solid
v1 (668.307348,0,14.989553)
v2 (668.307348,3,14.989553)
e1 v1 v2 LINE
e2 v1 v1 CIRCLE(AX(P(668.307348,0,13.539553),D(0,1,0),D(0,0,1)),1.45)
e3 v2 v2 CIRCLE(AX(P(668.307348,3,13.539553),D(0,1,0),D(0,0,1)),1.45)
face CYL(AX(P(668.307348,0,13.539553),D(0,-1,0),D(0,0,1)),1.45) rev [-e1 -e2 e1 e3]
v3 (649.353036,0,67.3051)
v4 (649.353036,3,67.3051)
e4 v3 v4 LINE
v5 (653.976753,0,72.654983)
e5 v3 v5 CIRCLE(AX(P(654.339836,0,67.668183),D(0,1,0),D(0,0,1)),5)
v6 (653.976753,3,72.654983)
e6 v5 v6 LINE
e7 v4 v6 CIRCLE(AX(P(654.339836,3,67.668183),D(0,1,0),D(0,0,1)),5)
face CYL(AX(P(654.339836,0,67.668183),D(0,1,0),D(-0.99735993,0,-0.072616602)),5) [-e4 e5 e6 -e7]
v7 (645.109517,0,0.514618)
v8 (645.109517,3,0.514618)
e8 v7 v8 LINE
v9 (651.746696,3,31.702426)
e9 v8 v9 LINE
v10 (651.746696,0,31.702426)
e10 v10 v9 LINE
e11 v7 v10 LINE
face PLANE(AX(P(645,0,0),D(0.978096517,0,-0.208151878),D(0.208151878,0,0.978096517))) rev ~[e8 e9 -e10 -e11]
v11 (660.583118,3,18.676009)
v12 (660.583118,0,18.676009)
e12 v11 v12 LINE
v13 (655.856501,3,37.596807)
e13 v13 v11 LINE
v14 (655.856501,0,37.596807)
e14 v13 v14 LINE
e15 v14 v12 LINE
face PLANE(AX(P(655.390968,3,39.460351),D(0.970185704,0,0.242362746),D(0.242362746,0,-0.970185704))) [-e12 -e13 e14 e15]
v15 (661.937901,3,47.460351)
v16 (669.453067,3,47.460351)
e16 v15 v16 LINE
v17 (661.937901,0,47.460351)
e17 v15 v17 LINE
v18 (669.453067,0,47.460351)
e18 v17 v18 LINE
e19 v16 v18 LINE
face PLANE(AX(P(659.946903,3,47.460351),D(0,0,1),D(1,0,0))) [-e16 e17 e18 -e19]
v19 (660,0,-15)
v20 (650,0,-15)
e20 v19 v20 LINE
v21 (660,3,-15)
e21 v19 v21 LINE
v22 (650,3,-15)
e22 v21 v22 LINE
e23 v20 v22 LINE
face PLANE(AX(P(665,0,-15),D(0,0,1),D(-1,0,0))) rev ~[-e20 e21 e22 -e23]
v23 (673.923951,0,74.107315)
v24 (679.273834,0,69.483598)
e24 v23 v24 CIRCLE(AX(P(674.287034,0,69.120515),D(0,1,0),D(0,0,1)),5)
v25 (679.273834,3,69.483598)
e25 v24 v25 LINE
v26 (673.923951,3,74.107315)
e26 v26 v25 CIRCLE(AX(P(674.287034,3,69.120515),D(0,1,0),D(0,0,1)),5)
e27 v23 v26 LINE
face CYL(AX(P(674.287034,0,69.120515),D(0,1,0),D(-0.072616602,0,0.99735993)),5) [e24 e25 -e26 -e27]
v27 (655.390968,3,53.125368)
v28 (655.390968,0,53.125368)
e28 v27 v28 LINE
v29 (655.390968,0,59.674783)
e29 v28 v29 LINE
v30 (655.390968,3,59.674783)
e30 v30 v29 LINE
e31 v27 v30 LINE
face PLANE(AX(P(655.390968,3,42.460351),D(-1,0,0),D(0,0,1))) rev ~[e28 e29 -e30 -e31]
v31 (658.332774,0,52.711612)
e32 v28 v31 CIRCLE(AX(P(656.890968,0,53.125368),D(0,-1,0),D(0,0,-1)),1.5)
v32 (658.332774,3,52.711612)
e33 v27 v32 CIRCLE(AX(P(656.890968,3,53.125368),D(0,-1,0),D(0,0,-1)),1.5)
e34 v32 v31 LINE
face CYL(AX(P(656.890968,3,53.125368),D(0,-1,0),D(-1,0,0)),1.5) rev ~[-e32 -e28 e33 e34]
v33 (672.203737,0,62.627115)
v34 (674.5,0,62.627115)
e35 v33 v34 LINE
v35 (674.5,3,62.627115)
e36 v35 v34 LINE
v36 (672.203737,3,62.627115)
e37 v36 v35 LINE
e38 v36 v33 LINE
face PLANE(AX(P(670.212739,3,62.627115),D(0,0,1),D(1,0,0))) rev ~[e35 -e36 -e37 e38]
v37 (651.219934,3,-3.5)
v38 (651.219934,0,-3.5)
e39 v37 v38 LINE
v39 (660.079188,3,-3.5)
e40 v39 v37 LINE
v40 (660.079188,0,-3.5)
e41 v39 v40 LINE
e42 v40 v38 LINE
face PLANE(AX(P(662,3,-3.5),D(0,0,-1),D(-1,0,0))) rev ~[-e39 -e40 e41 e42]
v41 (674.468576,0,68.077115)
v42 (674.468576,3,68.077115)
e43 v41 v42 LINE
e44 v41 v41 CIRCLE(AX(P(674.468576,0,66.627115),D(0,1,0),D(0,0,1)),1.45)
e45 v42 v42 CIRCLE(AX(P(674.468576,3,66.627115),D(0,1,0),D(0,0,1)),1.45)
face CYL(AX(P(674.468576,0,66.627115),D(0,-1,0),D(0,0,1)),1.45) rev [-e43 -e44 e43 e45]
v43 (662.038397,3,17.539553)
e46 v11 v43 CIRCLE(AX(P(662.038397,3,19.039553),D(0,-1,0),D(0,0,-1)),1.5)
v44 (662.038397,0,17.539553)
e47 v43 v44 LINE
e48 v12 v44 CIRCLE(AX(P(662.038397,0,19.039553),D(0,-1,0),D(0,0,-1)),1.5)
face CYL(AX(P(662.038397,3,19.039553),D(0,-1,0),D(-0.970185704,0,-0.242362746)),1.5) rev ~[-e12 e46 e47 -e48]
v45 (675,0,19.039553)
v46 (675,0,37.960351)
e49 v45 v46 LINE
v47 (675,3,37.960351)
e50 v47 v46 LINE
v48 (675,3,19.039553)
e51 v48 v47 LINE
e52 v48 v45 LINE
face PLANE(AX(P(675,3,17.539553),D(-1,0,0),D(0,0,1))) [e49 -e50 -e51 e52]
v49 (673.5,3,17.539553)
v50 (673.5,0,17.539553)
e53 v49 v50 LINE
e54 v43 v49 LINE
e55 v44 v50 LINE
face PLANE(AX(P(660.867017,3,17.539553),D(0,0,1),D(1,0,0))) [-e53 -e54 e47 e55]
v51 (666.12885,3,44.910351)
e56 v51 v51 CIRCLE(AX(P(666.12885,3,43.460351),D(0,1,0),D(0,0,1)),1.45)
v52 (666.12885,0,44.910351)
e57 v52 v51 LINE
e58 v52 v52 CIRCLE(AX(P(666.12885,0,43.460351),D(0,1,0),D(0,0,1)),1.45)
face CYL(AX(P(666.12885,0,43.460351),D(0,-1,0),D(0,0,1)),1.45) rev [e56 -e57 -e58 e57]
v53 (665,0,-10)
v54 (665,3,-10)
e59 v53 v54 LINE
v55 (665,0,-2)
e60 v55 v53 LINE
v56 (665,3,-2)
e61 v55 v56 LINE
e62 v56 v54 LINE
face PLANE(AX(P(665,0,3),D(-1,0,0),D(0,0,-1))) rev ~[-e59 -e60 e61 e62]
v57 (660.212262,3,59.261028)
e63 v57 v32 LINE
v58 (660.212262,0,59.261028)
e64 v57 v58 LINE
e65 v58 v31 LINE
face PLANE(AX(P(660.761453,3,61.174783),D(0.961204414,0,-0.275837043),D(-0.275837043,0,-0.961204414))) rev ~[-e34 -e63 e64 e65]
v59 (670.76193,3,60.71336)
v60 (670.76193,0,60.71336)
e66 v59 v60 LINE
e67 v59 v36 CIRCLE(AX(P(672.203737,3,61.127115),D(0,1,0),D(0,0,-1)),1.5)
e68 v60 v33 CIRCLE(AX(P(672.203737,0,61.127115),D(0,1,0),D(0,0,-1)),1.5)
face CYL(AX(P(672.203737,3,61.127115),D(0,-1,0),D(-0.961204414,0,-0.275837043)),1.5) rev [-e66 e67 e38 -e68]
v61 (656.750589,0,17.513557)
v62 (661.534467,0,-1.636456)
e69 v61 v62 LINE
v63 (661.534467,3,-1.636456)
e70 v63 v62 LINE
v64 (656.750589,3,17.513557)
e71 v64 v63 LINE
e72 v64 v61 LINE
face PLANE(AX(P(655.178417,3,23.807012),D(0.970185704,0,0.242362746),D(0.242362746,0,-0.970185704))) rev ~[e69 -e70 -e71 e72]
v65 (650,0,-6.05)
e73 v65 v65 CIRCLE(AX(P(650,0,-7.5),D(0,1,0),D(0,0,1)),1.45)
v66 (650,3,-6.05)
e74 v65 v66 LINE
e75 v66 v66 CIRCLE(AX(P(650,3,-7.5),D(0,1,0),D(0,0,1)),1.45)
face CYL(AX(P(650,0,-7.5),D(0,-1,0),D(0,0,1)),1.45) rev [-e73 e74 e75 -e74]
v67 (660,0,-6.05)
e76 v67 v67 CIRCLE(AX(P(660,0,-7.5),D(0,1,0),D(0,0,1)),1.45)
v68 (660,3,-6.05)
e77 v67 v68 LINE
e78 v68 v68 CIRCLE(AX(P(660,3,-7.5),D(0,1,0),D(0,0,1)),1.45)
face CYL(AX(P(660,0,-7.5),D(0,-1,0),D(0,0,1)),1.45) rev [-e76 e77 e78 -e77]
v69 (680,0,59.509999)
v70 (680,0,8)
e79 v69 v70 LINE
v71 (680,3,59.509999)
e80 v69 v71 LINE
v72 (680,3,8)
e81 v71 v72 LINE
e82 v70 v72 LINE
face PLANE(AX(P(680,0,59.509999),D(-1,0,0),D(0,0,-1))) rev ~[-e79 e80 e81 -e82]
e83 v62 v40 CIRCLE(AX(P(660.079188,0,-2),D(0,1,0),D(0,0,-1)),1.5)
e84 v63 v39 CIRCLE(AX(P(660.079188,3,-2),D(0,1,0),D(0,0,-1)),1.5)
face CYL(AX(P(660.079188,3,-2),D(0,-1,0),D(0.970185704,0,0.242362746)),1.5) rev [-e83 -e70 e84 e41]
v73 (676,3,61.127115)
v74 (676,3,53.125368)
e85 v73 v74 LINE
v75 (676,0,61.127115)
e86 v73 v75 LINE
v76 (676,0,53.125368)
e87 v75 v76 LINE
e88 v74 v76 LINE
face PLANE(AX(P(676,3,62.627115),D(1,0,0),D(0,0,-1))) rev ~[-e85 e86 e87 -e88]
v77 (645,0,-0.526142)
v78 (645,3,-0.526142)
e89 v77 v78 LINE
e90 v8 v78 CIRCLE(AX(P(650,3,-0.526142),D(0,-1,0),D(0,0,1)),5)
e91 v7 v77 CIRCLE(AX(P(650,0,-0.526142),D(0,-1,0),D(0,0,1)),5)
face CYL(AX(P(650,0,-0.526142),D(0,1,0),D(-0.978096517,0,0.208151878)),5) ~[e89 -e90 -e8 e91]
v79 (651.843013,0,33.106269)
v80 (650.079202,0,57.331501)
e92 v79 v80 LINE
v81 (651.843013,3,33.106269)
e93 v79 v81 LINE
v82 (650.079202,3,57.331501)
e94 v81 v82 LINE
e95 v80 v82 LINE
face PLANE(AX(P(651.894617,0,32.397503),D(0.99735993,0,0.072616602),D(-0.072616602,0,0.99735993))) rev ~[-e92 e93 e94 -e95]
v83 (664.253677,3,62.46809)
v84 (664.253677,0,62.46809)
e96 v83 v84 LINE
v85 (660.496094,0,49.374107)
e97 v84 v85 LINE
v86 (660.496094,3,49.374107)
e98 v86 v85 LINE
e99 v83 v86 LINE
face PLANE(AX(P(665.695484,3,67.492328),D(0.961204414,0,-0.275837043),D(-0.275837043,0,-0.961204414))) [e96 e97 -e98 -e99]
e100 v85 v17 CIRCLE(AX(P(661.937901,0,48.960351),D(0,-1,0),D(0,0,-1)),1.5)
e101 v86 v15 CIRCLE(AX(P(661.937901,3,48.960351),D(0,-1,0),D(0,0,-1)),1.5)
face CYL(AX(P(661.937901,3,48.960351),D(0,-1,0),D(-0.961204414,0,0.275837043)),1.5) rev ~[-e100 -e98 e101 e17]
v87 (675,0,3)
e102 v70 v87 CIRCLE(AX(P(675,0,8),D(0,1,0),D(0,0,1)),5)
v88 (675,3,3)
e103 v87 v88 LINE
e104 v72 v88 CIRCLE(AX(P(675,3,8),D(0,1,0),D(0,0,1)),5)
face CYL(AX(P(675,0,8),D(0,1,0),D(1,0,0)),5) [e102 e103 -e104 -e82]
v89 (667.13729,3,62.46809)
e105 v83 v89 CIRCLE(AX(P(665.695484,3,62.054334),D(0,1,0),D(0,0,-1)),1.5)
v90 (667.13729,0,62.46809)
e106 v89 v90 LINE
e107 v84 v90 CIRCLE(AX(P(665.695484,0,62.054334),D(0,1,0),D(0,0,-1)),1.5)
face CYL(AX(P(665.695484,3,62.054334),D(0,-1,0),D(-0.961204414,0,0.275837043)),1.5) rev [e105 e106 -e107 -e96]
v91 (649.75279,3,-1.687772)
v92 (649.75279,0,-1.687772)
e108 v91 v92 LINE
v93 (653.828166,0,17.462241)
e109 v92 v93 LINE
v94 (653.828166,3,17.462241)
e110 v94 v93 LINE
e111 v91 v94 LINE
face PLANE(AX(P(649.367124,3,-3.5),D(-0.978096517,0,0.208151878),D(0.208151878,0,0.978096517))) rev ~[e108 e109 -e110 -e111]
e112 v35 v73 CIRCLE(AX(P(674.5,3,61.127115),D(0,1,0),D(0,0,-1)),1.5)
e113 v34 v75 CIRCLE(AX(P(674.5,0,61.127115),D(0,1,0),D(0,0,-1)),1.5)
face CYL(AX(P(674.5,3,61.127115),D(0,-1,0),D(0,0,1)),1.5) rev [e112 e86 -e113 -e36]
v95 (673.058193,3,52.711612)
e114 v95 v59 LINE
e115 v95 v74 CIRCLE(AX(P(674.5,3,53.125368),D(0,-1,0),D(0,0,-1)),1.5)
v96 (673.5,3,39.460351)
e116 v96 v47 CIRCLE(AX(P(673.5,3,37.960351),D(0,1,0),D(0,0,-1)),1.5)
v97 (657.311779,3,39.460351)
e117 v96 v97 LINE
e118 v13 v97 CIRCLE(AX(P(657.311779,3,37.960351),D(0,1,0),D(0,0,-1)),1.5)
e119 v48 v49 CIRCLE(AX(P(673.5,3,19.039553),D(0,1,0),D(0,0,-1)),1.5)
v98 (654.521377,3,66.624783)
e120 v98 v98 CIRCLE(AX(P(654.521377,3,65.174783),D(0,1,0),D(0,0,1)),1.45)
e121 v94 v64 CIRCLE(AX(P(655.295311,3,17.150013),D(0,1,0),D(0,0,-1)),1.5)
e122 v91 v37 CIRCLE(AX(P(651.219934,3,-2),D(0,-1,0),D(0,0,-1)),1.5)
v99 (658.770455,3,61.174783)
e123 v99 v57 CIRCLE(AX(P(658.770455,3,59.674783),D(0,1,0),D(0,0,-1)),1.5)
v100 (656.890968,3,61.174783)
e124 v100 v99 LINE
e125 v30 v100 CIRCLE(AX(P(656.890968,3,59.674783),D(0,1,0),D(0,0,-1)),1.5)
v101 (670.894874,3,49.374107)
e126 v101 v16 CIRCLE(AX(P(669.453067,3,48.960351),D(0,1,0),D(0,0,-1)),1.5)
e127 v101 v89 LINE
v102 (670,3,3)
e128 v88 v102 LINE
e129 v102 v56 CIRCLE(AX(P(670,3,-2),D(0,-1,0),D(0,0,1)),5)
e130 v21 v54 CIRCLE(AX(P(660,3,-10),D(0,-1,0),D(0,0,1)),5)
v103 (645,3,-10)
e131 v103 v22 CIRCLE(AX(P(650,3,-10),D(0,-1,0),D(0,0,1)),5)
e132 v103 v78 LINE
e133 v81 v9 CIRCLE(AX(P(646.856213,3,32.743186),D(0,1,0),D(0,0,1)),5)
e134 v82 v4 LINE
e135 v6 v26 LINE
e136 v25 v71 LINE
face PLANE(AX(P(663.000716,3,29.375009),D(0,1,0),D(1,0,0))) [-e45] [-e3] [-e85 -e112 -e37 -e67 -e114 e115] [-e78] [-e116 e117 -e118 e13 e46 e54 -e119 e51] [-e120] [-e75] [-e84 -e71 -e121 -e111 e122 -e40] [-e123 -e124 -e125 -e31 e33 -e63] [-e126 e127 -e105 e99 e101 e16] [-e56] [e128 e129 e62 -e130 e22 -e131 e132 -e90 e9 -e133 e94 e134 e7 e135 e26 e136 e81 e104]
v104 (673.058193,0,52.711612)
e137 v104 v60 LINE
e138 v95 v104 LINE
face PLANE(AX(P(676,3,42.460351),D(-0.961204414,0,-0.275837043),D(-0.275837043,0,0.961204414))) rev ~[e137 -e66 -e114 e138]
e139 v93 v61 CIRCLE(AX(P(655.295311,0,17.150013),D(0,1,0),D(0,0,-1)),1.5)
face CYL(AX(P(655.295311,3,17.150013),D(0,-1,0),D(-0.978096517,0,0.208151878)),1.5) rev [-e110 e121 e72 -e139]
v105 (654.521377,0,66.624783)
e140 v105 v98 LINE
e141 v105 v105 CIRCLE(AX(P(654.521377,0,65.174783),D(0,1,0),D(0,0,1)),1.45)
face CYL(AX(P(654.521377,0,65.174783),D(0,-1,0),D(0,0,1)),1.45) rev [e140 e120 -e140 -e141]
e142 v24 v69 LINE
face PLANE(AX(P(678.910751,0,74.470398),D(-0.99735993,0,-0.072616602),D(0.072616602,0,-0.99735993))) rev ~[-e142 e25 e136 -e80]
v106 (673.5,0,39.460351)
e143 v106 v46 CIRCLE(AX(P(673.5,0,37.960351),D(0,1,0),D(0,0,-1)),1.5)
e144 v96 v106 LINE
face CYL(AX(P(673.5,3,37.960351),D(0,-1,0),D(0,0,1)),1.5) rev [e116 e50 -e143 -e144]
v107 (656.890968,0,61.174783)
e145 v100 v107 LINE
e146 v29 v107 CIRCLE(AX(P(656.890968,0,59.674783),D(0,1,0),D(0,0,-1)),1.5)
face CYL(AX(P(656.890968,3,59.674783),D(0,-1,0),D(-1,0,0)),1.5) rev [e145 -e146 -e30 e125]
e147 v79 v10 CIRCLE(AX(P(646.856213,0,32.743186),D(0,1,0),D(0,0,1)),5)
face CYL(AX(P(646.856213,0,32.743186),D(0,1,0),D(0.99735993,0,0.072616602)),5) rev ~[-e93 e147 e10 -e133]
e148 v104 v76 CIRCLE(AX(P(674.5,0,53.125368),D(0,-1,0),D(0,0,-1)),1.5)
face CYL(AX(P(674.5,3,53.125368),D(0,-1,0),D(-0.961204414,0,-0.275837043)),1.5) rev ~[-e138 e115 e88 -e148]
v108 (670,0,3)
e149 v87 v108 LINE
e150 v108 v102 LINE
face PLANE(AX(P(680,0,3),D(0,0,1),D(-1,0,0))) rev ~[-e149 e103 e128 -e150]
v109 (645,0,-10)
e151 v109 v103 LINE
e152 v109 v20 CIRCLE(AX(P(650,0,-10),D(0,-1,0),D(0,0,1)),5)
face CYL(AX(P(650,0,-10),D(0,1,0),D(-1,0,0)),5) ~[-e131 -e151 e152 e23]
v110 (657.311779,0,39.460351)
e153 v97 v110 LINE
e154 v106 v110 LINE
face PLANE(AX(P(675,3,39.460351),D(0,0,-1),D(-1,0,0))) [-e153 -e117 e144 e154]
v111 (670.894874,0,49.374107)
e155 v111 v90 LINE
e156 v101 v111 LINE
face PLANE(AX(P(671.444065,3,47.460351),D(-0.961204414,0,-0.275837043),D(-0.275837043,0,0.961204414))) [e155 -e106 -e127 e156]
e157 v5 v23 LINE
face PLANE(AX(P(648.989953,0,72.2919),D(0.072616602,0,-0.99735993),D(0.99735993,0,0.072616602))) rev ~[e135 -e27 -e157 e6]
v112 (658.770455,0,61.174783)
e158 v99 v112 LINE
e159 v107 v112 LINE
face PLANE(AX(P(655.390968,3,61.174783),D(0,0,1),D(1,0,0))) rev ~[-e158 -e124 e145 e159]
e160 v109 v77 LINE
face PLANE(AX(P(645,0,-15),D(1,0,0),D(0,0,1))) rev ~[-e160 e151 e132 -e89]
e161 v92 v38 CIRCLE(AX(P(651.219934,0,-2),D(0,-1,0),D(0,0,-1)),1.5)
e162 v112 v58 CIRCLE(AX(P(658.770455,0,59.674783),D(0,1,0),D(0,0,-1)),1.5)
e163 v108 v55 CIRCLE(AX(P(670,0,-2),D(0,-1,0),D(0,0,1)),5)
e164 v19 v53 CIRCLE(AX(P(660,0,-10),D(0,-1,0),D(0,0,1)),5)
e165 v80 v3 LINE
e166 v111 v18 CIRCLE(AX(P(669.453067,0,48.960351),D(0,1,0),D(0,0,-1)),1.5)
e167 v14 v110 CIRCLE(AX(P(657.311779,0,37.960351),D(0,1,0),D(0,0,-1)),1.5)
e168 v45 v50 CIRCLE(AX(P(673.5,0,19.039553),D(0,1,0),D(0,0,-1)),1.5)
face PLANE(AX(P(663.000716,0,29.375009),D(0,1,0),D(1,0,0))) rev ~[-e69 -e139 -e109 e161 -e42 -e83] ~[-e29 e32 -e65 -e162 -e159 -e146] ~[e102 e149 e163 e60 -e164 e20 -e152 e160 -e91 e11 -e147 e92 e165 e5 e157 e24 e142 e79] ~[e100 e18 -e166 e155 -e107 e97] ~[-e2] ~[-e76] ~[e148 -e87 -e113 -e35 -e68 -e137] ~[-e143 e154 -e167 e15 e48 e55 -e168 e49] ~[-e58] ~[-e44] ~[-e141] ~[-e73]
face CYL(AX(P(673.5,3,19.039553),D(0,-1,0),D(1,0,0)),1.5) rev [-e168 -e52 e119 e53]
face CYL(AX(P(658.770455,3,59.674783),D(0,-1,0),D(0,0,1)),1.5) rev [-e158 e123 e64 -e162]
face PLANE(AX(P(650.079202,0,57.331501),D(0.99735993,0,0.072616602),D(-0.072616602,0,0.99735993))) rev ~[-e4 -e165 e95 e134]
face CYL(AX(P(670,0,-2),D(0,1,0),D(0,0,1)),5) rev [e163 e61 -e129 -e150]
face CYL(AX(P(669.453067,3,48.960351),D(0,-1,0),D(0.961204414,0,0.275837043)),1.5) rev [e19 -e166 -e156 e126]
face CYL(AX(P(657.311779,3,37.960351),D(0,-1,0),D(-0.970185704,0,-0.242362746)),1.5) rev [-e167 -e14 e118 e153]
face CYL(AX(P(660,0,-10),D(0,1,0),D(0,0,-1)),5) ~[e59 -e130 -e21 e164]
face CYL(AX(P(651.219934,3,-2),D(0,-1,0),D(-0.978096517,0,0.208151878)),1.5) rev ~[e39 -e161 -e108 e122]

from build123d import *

# Parameters (mm, degrees)
SKETCH_1_R          = 1.45
EXTRUDE_1_DEPTH     = 3
FILLET_1_R          = 5
CUT_EXTRUDE_1_DEPTH = 685.034246793
FILLET_2_R          = 1.5


with BuildPart() as part:
    # 草图1 → 凸台-拉伸1 (new body)
    with BuildSketch(Plane(origin=(0, 0, 0), x_dir=(1, 0, 0), z_dir=(0, 1, 0))):
        Polygon((650.079202112, -57.331500941), (648.989953088, -72.291899885), (678.910750976, -74.470397934), (680, -59.50999899), (680, -3), (665, -3), (665, 15), (645, 15), (645, 0), (651.894617153, -32.397502701), align=None)
        with Locations(Location((660, 7.5, 0), (0, 0, 270))):
            Circle(SKETCH_1_R, mode=Mode.SUBTRACT)
        with Locations(Location((650, 7.5, 0), (0, 0, 270))):
            Circle(SKETCH_1_R, mode=Mode.SUBTRACT)
        with Locations(Location((654.521377248, -65.174783421, 0), (0, 0, 270))):
            Circle(SKETCH_1_R, mode=Mode.SUBTRACT)
        with Locations(Location((674.46857584, -66.627115454, 0), (0, 0, 270))):
            Circle(SKETCH_1_R, mode=Mode.SUBTRACT)
        with Locations(Location((666.12885008, -43.460351022, 0), (0, 0, 270))):
            Circle(SKETCH_1_R, mode=Mode.SUBTRACT)
        with Locations(Location((668.307348129, -13.539553134, 0), (0, 0, 270))):
            Circle(SKETCH_1_R, mode=Mode.SUBTRACT)
    extrude(amount=EXTRUDE_1_DEPTH)

    # 圆角1
    fillet_1_edges = [part.edges().sort_by_distance(p)[0] for p in [
        (678.910750976, 1.5, 74.470397934),
        (648.989953088, 1.5, 72.291899885),
        (651.894617153, 1.5, 32.397502701),
        (645, 1.5, 0),
        (645, 1.5, -15),
        (665, 1.5, -15),
        (665, 1.5, 3),
        (680, 1.5, 3),
    ]]
    fillet(fillet_1_edges, radius=FILLET_1_R)

    # 草图2 → 切除-拉伸1 (cut, through all)
    with BuildSketch(Plane(origin=(0, 3, 0), x_dir=(1, 0, 0), z_dir=(0, 1, 0))):
        Polygon((649.367123648, 3.5), (655.178416972, -23.807011685), (662, 3.5), align=None)
        Polygon((660.867017044, -17.539553134), (675, -17.539553134), (675, -39.460351022), (655.390967722, -39.460351022), align=None)
        Polygon((659.946903123, -47.460351022), (671.444064599, -47.460351022), (665.695483861, -67.49232755), align=None)
        Polygon((655.390967722, -42.460351022), (655.390967722, -61.174783421), (660.76145253, -61.174783421), align=None)
        Polygon((676, -42.460351022), (670.212739147, -62.627115454), (676, -62.627115454), align=None)
    extrude(amount=-CUT_EXTRUDE_1_DEPTH, mode=Mode.SUBTRACT)

    # 圆角2
    fillet_2_edges = [part.edges().sort_by_distance(p)[0] for p in [
        (655.390967722, 1.5, 39.460351022),
        (660.867017044, 1.5, 17.539553134),
        (675, 1.5, 17.539553134),
        (675, 1.5, 39.460351022),
        (665.695483861, 1.5, 67.49232755),
        (659.946903123, 1.5, 47.460351022),
        (671.444064599, 1.5, 47.460351022),
        (676, 1.5, 42.460351022),
        (676, 1.5, 62.627115454),
        (670.212739147, 1.5, 62.627115454),
        (655.390967722, 1.5, 42.460351022),
        (660.76145253, 1.5, 61.174783421),
        (655.390967722, 1.5, 61.174783421),
        (649.367123648, 1.5, -3.5),
        (662, 1.5, -3.5),
        (655.178416972, 1.5, 23.807011685),
        (680, 1.5, 59.50999899),
    ]]
    fillet(fillet_2_edges, radius=FILLET_2_R)


solid = part.part
